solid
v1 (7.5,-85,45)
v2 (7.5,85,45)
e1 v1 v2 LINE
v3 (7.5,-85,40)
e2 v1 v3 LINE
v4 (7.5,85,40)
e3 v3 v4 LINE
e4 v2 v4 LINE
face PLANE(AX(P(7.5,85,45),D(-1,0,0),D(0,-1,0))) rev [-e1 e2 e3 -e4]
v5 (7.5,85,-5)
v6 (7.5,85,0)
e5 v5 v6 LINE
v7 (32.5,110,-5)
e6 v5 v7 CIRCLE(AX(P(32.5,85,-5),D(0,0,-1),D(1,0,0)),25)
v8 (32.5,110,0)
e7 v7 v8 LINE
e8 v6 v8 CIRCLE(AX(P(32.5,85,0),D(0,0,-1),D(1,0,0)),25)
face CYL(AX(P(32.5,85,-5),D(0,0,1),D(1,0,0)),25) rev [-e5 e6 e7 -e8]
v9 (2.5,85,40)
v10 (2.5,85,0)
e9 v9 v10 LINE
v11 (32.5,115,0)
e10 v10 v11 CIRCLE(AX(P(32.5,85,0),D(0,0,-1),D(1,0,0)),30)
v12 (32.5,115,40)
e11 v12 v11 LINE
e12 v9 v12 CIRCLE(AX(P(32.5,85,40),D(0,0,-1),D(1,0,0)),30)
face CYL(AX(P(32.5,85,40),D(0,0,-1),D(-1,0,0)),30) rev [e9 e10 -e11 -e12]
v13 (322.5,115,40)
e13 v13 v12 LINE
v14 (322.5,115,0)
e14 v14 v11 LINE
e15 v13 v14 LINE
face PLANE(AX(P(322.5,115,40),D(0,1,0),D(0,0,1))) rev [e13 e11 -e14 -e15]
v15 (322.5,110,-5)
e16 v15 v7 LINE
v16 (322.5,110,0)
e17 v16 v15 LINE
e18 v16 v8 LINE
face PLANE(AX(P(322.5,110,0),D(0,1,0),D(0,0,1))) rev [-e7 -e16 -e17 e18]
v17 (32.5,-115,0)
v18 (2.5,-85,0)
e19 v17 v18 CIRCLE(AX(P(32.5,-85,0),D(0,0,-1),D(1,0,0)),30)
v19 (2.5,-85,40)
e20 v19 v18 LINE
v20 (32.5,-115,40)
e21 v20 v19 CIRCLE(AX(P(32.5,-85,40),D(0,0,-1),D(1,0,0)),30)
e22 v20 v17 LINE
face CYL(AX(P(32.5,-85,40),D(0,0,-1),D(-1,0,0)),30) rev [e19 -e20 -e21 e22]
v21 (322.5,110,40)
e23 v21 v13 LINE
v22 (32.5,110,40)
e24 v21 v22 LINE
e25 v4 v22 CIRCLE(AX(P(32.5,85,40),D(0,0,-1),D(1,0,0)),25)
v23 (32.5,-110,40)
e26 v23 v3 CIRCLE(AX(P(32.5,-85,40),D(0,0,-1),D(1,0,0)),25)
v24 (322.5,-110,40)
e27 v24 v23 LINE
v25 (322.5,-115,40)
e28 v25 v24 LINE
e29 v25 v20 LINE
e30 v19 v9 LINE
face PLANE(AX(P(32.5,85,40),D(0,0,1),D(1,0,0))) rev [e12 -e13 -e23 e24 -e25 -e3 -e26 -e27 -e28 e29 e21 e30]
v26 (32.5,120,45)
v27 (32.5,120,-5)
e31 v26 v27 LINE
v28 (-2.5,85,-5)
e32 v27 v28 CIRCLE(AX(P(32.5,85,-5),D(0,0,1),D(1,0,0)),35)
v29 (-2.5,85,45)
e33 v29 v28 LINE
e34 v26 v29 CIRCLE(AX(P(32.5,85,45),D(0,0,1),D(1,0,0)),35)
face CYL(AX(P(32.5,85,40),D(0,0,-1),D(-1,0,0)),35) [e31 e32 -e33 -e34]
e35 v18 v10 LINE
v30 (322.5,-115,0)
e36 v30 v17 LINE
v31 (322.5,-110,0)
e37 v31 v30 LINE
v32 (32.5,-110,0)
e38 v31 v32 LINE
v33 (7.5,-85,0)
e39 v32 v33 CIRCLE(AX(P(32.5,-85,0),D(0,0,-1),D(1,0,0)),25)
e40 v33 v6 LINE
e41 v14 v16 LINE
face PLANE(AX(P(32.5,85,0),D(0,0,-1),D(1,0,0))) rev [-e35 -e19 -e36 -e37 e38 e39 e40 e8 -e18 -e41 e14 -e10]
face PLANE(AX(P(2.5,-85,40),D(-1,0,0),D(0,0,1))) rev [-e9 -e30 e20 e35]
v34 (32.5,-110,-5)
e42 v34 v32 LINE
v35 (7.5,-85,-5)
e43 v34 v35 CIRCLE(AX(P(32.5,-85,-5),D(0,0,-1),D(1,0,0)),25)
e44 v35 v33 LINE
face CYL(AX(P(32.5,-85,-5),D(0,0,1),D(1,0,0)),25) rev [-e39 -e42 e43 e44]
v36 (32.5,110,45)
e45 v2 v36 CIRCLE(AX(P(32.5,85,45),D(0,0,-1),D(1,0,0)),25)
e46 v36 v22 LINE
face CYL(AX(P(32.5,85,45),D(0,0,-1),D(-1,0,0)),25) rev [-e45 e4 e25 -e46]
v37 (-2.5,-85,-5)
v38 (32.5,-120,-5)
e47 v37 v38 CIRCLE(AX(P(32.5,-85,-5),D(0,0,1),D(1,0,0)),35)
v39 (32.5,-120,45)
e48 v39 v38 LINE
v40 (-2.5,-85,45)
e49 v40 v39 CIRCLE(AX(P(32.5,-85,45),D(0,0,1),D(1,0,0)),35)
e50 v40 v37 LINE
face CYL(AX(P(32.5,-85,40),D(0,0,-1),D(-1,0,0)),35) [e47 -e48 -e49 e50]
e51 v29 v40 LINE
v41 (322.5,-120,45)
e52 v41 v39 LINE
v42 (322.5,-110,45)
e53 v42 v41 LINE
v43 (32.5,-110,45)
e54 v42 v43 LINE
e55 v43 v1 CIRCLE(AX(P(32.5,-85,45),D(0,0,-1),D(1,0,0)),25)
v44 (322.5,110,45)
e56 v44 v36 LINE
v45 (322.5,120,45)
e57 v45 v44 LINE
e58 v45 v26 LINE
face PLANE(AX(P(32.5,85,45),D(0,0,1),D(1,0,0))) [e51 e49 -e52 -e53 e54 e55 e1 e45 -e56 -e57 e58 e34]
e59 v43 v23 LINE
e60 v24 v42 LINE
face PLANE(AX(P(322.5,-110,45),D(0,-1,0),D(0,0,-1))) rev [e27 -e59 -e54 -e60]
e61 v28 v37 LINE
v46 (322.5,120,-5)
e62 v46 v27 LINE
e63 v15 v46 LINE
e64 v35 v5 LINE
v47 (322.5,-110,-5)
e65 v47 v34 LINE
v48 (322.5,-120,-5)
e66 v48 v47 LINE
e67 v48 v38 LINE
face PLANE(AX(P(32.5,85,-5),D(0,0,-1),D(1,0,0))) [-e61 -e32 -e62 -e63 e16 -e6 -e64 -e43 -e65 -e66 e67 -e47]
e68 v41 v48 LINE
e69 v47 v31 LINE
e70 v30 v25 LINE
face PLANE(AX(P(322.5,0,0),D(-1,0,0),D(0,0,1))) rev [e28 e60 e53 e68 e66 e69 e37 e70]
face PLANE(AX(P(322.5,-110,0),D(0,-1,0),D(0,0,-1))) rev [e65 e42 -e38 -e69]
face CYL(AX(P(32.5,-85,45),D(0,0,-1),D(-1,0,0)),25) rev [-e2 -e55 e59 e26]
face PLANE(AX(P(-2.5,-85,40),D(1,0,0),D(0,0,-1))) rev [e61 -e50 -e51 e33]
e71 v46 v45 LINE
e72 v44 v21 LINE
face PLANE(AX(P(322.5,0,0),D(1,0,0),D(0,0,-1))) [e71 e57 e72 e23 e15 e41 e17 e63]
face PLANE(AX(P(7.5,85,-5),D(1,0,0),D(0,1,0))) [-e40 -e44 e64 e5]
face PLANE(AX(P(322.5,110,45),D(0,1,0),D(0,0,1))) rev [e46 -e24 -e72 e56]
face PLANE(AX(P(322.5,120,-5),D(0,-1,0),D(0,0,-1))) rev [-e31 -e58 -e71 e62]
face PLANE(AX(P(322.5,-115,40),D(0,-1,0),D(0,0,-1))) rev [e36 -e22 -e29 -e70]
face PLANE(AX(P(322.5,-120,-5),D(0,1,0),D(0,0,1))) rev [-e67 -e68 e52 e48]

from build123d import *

# Parameters (mm, degrees)
SALIENTE_EXTRUIR1_DEPTH = 40
SALIENTE_EXTRUIR2_DEPTH = 5
SALIENTE_EXTRUIR3_DEPTH = 290


with BuildPart() as part:
    # Croquis1 → Saliente-Extruir1 (new body)
    with BuildSketch(Plane.XY):
        with BuildLine():
            Line((-2.5, -85), (-2.5, 85))
            ThreePointArc((-2.5, 85), (7.751262658, 109.748737342), (32.5, 120))
            Line((32.5, 120), (32.5, 115))
            ThreePointArc((32.5, 115), (11.286796564, 106.213203436), (2.5, 85))
            Line((2.5, 85), (2.5, -85))
            ThreePointArc((2.5, -85), (11.286796564, -106.213203436), (32.5, -115))
            Line((32.5, -115), (32.5, -120))
            ThreePointArc((32.5, -120), (7.751262658, -109.748737342), (-2.5, -85))
        make_face()
    extrude(amount=SALIENTE_EXTRUIR1_DEPTH)

    # Croquis2 → Saliente-Extruir2 (add)
    with BuildSketch(Plane.XY.offset(40)):
        with BuildLine():
            Line((-2.5, 85), (-2.5, -85))
            ThreePointArc((-2.5, -85), (7.751262658, -109.748737342), (32.5, -120))
            Line((32.5, -120), (32.5, -110))
            ThreePointArc((32.5, -110), (14.82233047, -102.67766953), (7.5, -85))
            Line((7.5, -85), (7.5, 85))
            ThreePointArc((7.5, 85), (14.82233047, 102.67766953), (32.5, 110))
            Line((32.5, 110), (32.5, 120))
            ThreePointArc((32.5, 120), (7.751262658, 109.748737342), (-2.5, 85))
        make_face()
    saliente_extruir2 = extrude(amount=SALIENTE_EXTRUIR2_DEPTH)

    # Simetría1: Saliente-Extruir2 across plane
    add(saliente_extruir2.mirror(Plane.XY.offset(20)))

    # Croquis3 → Saliente-Extruir3 (add)
    with BuildSketch(Plane(origin=(32.5, 0, 0), x_dir=(0, 0, -1), z_dir=(1, 0, 0))):
        Polygon((-45, 120), (-45, 110), (-40, 110), (-40, 115), (0, 115), (0, 110), (5, 110), (5, 120), align=None)
        Polygon((-45, -110), (-40, -110), (-40, -115), (0, -115), (0, -110), (5, -110), (5, -120), (-45, -120), align=None)
    extrude(amount=SALIENTE_EXTRUIR3_DEPTH)


solid = part.part
